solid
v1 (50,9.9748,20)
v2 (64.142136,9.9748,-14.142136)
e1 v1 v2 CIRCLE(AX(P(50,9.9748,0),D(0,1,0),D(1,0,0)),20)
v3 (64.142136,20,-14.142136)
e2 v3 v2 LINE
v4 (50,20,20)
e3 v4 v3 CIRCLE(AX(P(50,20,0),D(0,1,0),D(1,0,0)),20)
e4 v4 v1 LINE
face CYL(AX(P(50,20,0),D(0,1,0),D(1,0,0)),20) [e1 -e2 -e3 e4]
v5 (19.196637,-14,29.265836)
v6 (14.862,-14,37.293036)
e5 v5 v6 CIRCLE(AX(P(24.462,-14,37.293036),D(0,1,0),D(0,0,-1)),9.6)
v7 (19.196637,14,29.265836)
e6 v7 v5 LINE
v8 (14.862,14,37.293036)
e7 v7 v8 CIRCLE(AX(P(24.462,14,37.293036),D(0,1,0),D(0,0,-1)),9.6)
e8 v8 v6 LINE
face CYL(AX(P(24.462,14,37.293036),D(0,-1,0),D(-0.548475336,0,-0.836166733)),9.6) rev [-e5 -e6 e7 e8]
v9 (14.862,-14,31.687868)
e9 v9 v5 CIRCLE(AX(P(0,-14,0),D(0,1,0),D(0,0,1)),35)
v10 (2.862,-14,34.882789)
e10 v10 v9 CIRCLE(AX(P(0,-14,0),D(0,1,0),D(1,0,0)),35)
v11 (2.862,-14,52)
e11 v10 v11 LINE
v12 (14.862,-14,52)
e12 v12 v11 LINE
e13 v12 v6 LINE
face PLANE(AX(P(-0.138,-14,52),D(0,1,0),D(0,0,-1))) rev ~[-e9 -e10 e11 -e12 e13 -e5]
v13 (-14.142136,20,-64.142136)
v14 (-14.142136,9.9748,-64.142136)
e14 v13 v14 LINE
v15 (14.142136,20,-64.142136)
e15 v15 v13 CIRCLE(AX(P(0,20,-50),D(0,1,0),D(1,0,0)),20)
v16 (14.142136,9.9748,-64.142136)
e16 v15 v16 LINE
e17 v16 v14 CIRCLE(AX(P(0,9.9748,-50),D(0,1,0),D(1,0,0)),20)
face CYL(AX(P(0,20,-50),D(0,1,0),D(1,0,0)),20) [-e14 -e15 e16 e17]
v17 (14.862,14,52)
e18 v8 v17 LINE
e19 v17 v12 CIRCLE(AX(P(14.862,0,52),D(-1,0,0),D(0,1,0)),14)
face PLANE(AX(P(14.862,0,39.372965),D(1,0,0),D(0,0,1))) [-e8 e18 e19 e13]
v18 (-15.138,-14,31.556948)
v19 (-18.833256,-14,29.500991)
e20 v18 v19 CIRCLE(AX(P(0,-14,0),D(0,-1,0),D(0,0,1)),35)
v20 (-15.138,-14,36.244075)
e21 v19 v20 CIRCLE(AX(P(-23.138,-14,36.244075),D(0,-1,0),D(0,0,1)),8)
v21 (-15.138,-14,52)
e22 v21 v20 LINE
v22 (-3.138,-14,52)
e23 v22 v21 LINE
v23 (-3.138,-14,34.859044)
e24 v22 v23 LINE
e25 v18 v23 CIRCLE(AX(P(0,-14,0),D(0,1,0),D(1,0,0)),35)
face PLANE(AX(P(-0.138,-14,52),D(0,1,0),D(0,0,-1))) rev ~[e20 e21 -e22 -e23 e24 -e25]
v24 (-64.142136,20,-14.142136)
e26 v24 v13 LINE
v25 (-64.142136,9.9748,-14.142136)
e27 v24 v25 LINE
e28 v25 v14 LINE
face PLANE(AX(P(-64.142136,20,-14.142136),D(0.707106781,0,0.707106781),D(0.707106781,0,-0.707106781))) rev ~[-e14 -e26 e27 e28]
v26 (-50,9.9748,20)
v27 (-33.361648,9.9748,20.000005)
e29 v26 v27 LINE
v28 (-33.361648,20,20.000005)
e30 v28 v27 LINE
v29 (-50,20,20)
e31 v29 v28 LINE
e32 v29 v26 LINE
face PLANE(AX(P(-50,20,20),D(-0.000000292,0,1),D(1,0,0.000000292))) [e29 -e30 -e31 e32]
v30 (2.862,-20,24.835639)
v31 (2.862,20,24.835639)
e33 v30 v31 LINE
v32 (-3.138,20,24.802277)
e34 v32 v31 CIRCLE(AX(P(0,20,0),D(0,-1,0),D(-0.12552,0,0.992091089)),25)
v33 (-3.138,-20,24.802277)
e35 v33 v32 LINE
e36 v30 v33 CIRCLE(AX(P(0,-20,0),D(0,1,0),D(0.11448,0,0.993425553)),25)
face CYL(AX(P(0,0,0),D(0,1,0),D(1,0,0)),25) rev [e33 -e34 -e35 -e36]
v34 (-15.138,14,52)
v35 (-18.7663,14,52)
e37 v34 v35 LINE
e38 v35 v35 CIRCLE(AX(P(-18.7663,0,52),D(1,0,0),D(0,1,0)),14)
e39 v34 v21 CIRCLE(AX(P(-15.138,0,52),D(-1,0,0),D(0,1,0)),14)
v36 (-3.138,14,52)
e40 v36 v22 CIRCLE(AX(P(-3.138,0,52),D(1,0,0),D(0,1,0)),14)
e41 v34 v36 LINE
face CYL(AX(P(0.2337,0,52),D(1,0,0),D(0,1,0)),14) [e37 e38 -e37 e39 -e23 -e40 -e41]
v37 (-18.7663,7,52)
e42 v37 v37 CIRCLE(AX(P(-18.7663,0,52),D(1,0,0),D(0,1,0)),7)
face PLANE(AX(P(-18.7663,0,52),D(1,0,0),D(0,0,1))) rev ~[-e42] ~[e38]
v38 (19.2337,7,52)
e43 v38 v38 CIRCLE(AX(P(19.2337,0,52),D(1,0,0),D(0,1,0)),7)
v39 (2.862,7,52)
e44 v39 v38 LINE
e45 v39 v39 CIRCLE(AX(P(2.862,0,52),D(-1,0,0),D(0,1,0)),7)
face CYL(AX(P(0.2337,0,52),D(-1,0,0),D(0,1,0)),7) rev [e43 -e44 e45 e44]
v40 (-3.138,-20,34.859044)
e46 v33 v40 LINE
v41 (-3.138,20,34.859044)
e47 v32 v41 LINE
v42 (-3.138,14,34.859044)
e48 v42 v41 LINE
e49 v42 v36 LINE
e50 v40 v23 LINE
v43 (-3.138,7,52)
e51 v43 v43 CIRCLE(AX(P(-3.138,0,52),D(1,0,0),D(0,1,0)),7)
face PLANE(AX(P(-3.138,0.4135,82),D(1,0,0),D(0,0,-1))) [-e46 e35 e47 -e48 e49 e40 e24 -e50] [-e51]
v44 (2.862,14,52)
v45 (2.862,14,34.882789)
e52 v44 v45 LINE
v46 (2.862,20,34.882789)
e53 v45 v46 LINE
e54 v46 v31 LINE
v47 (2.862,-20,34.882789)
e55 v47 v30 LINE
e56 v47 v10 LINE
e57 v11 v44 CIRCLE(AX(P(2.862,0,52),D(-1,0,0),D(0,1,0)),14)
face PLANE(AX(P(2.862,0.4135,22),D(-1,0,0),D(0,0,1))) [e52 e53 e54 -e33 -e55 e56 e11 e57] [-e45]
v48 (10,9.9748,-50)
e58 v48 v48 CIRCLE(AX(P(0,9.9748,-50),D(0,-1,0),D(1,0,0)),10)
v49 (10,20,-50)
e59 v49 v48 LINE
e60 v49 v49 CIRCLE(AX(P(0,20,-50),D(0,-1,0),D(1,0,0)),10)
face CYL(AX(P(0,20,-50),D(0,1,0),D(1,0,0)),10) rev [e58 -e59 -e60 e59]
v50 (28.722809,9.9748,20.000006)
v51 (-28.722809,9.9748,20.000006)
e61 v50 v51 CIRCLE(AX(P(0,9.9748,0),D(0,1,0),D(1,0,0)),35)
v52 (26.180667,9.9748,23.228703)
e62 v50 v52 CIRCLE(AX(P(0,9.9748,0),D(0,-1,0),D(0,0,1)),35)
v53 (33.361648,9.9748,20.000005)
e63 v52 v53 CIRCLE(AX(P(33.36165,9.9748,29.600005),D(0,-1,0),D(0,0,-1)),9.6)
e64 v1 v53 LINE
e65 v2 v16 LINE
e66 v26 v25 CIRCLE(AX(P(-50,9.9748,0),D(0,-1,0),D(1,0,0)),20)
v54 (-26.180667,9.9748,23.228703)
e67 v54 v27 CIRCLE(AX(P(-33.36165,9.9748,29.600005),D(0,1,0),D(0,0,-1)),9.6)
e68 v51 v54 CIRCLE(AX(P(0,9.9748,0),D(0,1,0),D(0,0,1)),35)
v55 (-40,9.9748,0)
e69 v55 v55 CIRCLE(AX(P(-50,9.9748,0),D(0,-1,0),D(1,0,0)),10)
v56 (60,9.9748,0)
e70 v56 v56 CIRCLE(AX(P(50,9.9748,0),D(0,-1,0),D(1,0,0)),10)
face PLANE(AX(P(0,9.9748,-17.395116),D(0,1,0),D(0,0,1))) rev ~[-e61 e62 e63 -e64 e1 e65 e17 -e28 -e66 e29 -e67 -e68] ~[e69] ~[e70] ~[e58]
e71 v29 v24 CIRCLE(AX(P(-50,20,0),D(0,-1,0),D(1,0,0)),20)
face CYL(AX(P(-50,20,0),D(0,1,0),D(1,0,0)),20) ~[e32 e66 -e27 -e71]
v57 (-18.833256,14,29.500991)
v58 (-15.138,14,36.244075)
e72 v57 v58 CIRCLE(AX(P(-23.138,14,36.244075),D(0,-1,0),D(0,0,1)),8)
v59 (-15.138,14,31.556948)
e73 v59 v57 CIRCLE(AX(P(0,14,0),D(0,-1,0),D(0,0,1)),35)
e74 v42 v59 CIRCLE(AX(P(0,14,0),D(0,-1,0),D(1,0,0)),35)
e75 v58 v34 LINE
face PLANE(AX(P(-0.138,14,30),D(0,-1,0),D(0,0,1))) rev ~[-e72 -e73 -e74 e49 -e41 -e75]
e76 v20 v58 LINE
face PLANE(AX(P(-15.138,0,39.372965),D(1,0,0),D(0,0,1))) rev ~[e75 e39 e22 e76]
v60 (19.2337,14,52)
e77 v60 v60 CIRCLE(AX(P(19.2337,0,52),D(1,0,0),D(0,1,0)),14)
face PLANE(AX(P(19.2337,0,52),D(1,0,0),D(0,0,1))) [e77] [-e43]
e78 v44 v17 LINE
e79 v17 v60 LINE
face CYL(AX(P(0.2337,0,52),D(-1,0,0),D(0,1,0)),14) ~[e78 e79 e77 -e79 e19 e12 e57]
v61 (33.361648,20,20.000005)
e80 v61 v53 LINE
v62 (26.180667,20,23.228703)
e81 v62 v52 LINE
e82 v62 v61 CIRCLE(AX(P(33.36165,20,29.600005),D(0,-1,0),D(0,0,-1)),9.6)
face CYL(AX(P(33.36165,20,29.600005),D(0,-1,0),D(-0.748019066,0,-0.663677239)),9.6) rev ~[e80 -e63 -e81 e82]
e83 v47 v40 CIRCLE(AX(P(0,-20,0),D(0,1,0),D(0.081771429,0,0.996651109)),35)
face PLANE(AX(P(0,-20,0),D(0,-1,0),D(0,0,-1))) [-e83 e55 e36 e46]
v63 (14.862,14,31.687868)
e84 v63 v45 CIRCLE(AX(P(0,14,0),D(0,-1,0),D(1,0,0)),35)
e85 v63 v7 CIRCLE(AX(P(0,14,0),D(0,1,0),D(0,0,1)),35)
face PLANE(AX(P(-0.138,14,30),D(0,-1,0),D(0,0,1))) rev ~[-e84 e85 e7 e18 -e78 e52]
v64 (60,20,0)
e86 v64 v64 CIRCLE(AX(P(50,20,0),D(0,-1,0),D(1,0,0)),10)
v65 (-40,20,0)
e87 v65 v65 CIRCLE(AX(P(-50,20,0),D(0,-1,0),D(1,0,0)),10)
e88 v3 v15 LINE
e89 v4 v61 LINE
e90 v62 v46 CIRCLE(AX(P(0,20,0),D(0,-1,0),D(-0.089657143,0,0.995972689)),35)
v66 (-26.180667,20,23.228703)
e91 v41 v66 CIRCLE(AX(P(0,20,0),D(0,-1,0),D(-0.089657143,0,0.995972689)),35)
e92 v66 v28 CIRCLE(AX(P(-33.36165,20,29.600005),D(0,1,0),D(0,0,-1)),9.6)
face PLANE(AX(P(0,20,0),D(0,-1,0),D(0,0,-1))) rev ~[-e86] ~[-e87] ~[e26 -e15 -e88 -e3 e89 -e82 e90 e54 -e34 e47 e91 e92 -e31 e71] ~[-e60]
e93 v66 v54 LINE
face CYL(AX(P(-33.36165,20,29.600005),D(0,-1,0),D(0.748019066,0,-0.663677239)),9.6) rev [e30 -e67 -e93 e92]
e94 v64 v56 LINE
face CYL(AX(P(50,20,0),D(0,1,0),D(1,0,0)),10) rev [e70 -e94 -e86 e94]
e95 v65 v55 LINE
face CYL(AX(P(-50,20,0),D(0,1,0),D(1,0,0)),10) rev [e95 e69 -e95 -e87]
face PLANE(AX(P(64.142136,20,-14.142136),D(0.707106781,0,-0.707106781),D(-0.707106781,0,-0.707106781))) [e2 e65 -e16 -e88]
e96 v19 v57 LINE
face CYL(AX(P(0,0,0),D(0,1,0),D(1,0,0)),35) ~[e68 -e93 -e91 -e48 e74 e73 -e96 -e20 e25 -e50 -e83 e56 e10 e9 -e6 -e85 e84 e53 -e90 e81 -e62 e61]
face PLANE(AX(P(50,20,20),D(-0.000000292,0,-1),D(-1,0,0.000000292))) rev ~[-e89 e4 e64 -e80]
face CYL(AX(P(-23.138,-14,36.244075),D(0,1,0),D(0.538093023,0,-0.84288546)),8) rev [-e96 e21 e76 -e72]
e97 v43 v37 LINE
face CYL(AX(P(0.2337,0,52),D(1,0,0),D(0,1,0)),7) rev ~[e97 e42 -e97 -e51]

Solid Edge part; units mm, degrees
sketch "Sketch1" plane through (0, 0, 0) normal (0, -1, 0) x (1, 0, 0)
  circle A0 centre (0, 0) radius 35
  circle A1 centre (0, 0) radius 25
  dimension "D1" = 70
  dimension "D2" = 50
extrude "ProtrusioneEstrusa_1" add sketch "Sketch1" along normal mid plane 40
sketch "Sketch2" plane through (-0.138, 0, 0) normal (1, 0, 0) x (0, 1, 0)
  line L0 (-14, 30) -> (14, 30)
  line L1 (14, 30) -> (14, 52)
  arc A0 (14, 52) -> (-14, 52) centre (0, 52) cw
  line L2 (-14, 52) -> (-14, 30)
extrude "ScavoEstrusione_1" add sketch "Sketch2" along normal mid plane 30
sketch "Sketch3" plane through (0.2337, 0, 0) normal (1, 0, 0) x (0, 1, 0)
  circle A0 centre (0, 52) radius 7
  circle A1 centre (0, 52) radius 14
  dimension "D1" = 28
  dimension "D2" = 14
  dimension "D3" = 52
extrude "ProtrusioneEstrusa_3" add sketch "Sketch3" along normal mid plane 38
sketch "Sketch4" plane through (0, 0.4135, 0) normal (0, -1, 0) x (1, 0, 0)
  line L0 (2.862, 22) -> (2.862, 82)
  line L1 (2.862, 82) -> (-3.138, 82)
  line L2 (-3.138, 82) -> (-3.138, 22)
  line L3 (-3.138, 22) -> (2.862, 22)
extrude "ScavoEstrusione_2" cut sketch "Sketch4" along normal mid plane 100.3367
sketch "Sketch5" plane through (0, 20, 0) normal (0, -1, 0) x (1, 0, 0)
  arc A0 (50, 20) -> (64.1421, -14.1421) centre (50, 0) cw
  line L0 (64.1421, -14.1421) -> (14.1421, -64.1421)
  arc A1 (14.1421, -64.1421) -> (-14.1421, -64.1421) centre (0, -50) cw
  line L1 (-64.1421, -14.1421) -> (-14.1421, -64.1421)
  arc A2 (-50, 20) -> (-64.1421, -14.1421) centre (-50, 0) ccw
  line L2 (-50, 20) -> (-28.7228, 20)
  arc A3 (28.7228, 20) -> (-28.7228, 20) centre (0, 0) cw
  line L3 (50, 20) -> (28.7228, 20)
  circle A4 centre (-50, 0) radius 10
  circle A5 centre (50, 0) radius 10
  circle A6 centre (0, -50) radius 10
extrude "ProtrusioneEstrusa_5" add sketch "Sketch5" along normal blind 10.0252
fillet "Raccordo_1" radius 8 1 edges at (-15.138, 0, 31.5569)
fillet "Raccordo_2" radius 9.6 3 edges at (-28.7228, 14.9874, 20) (28.7228, 14.9874, 20) (14.862, 0, 31.6879)
properties material "Acciaio"
